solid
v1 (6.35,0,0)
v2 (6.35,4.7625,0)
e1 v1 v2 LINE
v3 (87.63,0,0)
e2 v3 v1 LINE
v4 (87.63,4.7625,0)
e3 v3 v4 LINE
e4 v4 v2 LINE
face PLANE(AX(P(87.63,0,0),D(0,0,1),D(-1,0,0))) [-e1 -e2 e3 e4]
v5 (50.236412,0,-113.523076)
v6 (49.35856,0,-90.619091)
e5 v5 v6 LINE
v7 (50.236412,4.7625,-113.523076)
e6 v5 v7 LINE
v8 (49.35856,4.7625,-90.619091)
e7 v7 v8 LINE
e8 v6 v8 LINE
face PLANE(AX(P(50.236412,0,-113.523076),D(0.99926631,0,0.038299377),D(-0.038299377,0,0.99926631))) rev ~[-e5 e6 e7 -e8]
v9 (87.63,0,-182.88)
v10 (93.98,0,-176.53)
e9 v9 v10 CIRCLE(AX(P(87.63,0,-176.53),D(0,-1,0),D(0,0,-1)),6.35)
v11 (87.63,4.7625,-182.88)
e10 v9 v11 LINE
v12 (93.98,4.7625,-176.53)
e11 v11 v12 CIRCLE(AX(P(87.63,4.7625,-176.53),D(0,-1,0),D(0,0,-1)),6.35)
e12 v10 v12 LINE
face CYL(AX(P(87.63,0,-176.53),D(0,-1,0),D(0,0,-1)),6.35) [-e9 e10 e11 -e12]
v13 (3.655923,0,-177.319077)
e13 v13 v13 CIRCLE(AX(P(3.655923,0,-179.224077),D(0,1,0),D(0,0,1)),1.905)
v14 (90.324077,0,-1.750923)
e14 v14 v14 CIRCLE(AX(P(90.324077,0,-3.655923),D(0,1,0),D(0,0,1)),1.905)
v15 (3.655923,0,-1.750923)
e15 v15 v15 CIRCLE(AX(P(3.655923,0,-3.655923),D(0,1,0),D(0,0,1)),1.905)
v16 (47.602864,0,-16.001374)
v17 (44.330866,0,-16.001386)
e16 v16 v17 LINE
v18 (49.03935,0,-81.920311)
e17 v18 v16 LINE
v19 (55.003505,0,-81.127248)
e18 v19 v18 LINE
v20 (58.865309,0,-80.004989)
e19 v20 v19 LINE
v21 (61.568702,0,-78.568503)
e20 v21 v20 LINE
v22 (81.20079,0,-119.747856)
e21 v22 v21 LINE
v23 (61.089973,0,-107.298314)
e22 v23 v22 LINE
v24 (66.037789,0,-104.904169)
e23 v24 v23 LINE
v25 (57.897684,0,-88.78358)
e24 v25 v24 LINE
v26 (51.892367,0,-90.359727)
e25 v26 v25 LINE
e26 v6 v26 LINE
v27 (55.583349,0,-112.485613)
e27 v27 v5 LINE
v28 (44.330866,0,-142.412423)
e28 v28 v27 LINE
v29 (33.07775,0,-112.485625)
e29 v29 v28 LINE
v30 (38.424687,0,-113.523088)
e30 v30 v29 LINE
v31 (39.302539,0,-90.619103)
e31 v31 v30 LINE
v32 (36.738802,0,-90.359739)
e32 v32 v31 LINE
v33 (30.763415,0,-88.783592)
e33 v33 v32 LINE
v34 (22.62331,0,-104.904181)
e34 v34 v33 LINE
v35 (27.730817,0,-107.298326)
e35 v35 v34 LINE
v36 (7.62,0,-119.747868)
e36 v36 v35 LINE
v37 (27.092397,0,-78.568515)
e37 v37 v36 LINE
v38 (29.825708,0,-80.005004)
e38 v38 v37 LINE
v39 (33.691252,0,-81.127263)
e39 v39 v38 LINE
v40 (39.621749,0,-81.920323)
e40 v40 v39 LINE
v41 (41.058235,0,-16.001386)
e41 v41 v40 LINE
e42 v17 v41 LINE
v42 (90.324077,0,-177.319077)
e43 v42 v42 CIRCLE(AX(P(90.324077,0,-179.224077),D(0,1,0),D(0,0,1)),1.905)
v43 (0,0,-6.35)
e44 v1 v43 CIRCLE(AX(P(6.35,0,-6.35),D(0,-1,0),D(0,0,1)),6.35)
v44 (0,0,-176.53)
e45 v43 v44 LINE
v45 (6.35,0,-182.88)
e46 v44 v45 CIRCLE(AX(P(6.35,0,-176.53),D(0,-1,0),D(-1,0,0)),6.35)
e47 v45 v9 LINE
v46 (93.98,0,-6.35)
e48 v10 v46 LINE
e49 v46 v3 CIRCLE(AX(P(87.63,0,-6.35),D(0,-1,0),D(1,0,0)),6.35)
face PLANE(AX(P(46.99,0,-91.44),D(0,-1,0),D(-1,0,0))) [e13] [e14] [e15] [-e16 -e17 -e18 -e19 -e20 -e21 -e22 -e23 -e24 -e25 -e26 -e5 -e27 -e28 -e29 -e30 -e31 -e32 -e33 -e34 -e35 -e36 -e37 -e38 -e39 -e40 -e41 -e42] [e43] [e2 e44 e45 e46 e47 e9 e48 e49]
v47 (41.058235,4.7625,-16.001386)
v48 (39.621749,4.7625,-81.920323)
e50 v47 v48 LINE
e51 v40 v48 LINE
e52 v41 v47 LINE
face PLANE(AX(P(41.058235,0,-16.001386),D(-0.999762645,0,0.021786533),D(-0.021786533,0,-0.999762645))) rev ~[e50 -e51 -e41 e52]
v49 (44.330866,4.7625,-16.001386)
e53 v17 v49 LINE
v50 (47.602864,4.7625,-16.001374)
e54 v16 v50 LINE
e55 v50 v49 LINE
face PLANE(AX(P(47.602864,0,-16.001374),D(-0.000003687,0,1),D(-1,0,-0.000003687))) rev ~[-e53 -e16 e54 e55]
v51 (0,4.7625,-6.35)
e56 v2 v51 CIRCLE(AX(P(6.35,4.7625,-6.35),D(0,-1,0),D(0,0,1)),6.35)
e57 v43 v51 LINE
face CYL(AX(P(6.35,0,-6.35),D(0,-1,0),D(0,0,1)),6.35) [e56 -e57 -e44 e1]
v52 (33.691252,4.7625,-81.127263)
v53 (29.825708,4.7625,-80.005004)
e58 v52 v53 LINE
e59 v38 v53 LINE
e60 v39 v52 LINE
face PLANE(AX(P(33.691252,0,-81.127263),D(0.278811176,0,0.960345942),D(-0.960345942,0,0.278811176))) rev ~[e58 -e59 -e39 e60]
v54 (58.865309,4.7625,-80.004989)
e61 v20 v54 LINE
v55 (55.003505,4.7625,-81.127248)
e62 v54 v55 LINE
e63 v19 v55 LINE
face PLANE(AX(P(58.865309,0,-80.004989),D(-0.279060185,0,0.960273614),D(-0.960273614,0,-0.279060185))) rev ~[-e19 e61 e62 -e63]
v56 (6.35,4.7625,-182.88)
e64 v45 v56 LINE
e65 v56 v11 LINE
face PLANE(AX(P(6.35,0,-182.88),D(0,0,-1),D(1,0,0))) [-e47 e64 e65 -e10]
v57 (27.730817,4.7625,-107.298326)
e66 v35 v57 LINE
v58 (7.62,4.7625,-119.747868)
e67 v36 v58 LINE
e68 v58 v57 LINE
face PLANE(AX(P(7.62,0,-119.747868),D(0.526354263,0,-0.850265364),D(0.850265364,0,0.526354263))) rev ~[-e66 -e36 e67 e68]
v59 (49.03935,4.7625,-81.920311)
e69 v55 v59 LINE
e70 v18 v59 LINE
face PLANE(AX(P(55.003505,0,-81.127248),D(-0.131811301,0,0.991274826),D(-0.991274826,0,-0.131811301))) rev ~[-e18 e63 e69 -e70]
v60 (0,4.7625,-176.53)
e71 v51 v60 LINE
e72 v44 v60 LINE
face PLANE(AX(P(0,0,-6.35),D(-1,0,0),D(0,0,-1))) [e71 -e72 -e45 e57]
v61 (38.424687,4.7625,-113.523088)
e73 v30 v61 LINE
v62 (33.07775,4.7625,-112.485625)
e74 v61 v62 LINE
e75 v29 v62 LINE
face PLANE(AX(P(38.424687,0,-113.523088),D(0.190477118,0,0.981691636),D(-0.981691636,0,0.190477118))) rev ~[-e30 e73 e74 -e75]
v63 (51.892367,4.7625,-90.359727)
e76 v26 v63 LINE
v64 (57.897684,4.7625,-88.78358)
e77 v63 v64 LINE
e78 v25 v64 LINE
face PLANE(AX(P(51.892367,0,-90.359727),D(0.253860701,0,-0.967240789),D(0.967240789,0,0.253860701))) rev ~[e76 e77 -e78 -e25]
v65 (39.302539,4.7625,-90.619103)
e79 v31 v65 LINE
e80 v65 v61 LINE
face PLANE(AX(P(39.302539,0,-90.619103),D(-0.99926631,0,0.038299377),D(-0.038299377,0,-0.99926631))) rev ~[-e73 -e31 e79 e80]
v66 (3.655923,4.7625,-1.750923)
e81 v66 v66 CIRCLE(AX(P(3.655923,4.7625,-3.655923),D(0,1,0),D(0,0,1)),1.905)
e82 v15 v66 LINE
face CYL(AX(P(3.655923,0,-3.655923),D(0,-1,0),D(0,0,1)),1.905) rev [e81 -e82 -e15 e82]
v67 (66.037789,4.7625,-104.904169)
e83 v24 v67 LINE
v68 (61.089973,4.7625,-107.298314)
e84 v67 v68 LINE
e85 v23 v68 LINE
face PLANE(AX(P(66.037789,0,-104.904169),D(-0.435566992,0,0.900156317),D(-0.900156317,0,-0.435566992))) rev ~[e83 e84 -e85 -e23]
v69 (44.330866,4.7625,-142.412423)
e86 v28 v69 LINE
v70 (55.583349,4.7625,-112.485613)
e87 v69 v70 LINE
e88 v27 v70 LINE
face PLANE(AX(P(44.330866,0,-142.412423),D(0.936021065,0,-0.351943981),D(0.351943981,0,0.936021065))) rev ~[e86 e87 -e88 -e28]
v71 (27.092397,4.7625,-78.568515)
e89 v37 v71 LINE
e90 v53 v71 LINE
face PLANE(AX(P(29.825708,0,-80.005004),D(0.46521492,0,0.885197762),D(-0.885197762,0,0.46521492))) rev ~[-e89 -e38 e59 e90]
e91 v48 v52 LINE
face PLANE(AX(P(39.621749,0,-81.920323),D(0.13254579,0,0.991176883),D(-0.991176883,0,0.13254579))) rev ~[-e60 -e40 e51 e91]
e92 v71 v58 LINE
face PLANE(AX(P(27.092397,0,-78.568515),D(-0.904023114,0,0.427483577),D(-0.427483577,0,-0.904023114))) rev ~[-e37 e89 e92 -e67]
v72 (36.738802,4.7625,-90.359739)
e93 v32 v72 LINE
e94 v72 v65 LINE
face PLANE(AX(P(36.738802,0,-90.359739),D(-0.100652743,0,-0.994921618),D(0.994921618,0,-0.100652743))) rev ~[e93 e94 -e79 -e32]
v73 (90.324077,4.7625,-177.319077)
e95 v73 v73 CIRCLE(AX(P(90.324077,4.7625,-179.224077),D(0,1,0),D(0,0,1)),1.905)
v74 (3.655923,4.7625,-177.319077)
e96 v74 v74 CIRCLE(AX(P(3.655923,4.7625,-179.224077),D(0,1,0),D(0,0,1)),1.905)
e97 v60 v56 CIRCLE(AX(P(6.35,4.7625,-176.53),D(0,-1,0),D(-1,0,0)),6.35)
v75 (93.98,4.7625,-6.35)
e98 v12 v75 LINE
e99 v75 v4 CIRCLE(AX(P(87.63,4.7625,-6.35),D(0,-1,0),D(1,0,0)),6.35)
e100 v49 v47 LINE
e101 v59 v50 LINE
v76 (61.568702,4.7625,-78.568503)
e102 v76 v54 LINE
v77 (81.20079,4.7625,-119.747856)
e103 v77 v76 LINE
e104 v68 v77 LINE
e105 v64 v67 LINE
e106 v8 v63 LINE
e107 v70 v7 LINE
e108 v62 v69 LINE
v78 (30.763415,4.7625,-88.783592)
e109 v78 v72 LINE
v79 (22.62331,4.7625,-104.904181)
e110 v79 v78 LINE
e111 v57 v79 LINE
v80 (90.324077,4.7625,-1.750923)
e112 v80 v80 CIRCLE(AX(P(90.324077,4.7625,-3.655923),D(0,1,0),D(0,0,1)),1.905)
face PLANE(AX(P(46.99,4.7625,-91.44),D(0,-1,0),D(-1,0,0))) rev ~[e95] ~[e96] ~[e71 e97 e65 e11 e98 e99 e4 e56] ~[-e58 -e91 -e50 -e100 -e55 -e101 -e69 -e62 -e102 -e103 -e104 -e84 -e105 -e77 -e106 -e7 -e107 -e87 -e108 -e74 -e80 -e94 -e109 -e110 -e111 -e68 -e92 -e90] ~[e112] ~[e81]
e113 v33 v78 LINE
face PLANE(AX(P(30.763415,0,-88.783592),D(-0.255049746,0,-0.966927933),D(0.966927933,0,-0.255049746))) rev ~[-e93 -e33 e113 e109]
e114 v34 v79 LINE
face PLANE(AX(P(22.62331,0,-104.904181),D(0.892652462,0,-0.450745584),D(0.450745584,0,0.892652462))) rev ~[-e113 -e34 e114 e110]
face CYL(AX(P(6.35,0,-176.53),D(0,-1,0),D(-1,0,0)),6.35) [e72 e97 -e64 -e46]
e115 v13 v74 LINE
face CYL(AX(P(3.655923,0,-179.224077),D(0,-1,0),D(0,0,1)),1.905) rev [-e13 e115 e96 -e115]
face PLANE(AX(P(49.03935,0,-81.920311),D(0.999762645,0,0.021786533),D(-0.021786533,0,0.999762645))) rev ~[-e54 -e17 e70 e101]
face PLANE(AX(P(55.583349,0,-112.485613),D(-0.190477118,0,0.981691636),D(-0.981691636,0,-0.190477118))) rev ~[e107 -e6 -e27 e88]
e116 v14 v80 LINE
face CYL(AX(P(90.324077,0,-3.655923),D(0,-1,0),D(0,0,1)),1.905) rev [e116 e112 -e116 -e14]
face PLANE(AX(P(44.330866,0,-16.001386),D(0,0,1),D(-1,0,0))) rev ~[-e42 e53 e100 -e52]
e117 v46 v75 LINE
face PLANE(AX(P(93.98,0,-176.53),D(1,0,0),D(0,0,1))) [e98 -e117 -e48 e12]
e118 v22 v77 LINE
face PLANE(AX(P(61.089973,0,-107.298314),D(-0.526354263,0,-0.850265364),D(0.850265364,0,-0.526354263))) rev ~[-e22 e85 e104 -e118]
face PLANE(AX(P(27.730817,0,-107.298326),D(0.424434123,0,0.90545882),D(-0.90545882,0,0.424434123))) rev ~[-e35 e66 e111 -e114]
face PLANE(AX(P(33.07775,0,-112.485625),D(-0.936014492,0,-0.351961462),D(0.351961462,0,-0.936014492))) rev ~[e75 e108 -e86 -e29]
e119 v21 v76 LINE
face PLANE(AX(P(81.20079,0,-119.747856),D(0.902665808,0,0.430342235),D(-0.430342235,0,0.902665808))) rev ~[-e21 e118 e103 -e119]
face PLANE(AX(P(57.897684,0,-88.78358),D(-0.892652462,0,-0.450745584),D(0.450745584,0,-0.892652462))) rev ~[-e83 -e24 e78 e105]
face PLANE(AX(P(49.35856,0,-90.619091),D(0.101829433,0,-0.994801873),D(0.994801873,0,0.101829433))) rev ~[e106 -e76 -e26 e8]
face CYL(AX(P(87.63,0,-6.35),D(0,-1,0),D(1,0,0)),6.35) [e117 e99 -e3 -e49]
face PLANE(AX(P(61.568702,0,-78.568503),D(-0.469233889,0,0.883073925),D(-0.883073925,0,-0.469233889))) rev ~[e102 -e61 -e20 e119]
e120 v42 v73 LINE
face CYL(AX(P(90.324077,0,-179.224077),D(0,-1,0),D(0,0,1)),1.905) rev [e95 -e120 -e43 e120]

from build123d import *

# Parameters (mm, degrees)
SKETCH1_R           = 1.905
BOSS_EXTRUDE1_DEPTH = 4.7625
CUT_EXTRUDE3_DEPTH  = 5.7625


with BuildPart() as part:
    # Sketch1 → Boss-Extrude1 (new body)
    with BuildSketch(Plane(origin=(0, 0, 0), x_dir=(1, 0, 0), z_dir=(0, 1, 0))):
        with BuildLine():
            ThreePointArc((0, 176.53), (1.859871939, 181.020128061), (6.35, 182.88))
            Line((6.35, 182.88), (87.63, 182.88))
            ThreePointArc((87.63, 182.88), (92.120128061, 181.020128061), (93.98, 176.53))
            Line((93.98, 176.53), (93.98, 6.35))
            ThreePointArc((93.98, 6.35), (92.120128061, 1.859871939), (87.63, 0))
            Line((87.63, 0), (6.35, 0))
            ThreePointArc((6.35, 0), (1.859871939, 1.859871939), (0, 6.35))
            Line((0, 6.35), (0, 176.53))
        make_face()
        with Locations(Location((90.324076836, 3.655923164, 0), (0, 0, 270))):  # turned: the seam where the file's is
            Circle(SKETCH1_R, mode=Mode.SUBTRACT)
        with Locations(Location((3.655923164, 3.655923164, 0), (0, 0, 270))):  # turned: the seam where the file's is
            Circle(SKETCH1_R, mode=Mode.SUBTRACT)
        with Locations(Location((90.324076836, 179.224076836, 0), (0, 0, 270))):  # turned: the seam where the file's is
            Circle(SKETCH1_R, mode=Mode.SUBTRACT)
        with Locations(Location((3.655923164, 179.224076836, 0), (0, 0, 270))):  # turned: the seam where the file's is
            Circle(SKETCH1_R, mode=Mode.SUBTRACT)
    extrude(amount=BOSS_EXTRUDE1_DEPTH)

    # Sketch2 → Cut-Extrude3 (cut, through all)
    with BuildSketch(Plane(origin=(0, 0, 0), x_dir=(1, 0, 0), z_dir=(0, 1, 0))):
        Polygon((44.330866221, 142.412423135), (55.583348796, 112.48561291), (50.236412259, 113.523076227), (49.358559843, 90.619091365), (51.892366687, 90.359727043), (57.897684242, 88.783579573), (66.03778893, 104.904168998), (61.089973403, 107.29831442), (81.200790115, 119.747856132), (61.568701793, 78.568503007), (58.865309307, 80.004989053), (55.003504896, 81.127248207), (49.039350105, 81.92031082), (47.602864059, 16.00137357), (44.330866221, 16.001385635), (41.058234971, 16.001385635), (39.621748925, 81.920322885), (33.691252468, 81.127263288), (29.825707906, 80.005004135), (27.092397237, 78.568515072), (7.62, 119.747868197), (27.730816712, 107.298326485), (22.6233101, 104.904181063), (30.763414788, 88.783591638), (36.738802094, 90.359739108), (39.302539188, 90.61910343), (38.424686771, 113.523088292), (33.077750234, 112.485624975), align=None)
    extrude(amount=CUT_EXTRUDE3_DEPTH, mode=Mode.SUBTRACT)


solid = part.part
